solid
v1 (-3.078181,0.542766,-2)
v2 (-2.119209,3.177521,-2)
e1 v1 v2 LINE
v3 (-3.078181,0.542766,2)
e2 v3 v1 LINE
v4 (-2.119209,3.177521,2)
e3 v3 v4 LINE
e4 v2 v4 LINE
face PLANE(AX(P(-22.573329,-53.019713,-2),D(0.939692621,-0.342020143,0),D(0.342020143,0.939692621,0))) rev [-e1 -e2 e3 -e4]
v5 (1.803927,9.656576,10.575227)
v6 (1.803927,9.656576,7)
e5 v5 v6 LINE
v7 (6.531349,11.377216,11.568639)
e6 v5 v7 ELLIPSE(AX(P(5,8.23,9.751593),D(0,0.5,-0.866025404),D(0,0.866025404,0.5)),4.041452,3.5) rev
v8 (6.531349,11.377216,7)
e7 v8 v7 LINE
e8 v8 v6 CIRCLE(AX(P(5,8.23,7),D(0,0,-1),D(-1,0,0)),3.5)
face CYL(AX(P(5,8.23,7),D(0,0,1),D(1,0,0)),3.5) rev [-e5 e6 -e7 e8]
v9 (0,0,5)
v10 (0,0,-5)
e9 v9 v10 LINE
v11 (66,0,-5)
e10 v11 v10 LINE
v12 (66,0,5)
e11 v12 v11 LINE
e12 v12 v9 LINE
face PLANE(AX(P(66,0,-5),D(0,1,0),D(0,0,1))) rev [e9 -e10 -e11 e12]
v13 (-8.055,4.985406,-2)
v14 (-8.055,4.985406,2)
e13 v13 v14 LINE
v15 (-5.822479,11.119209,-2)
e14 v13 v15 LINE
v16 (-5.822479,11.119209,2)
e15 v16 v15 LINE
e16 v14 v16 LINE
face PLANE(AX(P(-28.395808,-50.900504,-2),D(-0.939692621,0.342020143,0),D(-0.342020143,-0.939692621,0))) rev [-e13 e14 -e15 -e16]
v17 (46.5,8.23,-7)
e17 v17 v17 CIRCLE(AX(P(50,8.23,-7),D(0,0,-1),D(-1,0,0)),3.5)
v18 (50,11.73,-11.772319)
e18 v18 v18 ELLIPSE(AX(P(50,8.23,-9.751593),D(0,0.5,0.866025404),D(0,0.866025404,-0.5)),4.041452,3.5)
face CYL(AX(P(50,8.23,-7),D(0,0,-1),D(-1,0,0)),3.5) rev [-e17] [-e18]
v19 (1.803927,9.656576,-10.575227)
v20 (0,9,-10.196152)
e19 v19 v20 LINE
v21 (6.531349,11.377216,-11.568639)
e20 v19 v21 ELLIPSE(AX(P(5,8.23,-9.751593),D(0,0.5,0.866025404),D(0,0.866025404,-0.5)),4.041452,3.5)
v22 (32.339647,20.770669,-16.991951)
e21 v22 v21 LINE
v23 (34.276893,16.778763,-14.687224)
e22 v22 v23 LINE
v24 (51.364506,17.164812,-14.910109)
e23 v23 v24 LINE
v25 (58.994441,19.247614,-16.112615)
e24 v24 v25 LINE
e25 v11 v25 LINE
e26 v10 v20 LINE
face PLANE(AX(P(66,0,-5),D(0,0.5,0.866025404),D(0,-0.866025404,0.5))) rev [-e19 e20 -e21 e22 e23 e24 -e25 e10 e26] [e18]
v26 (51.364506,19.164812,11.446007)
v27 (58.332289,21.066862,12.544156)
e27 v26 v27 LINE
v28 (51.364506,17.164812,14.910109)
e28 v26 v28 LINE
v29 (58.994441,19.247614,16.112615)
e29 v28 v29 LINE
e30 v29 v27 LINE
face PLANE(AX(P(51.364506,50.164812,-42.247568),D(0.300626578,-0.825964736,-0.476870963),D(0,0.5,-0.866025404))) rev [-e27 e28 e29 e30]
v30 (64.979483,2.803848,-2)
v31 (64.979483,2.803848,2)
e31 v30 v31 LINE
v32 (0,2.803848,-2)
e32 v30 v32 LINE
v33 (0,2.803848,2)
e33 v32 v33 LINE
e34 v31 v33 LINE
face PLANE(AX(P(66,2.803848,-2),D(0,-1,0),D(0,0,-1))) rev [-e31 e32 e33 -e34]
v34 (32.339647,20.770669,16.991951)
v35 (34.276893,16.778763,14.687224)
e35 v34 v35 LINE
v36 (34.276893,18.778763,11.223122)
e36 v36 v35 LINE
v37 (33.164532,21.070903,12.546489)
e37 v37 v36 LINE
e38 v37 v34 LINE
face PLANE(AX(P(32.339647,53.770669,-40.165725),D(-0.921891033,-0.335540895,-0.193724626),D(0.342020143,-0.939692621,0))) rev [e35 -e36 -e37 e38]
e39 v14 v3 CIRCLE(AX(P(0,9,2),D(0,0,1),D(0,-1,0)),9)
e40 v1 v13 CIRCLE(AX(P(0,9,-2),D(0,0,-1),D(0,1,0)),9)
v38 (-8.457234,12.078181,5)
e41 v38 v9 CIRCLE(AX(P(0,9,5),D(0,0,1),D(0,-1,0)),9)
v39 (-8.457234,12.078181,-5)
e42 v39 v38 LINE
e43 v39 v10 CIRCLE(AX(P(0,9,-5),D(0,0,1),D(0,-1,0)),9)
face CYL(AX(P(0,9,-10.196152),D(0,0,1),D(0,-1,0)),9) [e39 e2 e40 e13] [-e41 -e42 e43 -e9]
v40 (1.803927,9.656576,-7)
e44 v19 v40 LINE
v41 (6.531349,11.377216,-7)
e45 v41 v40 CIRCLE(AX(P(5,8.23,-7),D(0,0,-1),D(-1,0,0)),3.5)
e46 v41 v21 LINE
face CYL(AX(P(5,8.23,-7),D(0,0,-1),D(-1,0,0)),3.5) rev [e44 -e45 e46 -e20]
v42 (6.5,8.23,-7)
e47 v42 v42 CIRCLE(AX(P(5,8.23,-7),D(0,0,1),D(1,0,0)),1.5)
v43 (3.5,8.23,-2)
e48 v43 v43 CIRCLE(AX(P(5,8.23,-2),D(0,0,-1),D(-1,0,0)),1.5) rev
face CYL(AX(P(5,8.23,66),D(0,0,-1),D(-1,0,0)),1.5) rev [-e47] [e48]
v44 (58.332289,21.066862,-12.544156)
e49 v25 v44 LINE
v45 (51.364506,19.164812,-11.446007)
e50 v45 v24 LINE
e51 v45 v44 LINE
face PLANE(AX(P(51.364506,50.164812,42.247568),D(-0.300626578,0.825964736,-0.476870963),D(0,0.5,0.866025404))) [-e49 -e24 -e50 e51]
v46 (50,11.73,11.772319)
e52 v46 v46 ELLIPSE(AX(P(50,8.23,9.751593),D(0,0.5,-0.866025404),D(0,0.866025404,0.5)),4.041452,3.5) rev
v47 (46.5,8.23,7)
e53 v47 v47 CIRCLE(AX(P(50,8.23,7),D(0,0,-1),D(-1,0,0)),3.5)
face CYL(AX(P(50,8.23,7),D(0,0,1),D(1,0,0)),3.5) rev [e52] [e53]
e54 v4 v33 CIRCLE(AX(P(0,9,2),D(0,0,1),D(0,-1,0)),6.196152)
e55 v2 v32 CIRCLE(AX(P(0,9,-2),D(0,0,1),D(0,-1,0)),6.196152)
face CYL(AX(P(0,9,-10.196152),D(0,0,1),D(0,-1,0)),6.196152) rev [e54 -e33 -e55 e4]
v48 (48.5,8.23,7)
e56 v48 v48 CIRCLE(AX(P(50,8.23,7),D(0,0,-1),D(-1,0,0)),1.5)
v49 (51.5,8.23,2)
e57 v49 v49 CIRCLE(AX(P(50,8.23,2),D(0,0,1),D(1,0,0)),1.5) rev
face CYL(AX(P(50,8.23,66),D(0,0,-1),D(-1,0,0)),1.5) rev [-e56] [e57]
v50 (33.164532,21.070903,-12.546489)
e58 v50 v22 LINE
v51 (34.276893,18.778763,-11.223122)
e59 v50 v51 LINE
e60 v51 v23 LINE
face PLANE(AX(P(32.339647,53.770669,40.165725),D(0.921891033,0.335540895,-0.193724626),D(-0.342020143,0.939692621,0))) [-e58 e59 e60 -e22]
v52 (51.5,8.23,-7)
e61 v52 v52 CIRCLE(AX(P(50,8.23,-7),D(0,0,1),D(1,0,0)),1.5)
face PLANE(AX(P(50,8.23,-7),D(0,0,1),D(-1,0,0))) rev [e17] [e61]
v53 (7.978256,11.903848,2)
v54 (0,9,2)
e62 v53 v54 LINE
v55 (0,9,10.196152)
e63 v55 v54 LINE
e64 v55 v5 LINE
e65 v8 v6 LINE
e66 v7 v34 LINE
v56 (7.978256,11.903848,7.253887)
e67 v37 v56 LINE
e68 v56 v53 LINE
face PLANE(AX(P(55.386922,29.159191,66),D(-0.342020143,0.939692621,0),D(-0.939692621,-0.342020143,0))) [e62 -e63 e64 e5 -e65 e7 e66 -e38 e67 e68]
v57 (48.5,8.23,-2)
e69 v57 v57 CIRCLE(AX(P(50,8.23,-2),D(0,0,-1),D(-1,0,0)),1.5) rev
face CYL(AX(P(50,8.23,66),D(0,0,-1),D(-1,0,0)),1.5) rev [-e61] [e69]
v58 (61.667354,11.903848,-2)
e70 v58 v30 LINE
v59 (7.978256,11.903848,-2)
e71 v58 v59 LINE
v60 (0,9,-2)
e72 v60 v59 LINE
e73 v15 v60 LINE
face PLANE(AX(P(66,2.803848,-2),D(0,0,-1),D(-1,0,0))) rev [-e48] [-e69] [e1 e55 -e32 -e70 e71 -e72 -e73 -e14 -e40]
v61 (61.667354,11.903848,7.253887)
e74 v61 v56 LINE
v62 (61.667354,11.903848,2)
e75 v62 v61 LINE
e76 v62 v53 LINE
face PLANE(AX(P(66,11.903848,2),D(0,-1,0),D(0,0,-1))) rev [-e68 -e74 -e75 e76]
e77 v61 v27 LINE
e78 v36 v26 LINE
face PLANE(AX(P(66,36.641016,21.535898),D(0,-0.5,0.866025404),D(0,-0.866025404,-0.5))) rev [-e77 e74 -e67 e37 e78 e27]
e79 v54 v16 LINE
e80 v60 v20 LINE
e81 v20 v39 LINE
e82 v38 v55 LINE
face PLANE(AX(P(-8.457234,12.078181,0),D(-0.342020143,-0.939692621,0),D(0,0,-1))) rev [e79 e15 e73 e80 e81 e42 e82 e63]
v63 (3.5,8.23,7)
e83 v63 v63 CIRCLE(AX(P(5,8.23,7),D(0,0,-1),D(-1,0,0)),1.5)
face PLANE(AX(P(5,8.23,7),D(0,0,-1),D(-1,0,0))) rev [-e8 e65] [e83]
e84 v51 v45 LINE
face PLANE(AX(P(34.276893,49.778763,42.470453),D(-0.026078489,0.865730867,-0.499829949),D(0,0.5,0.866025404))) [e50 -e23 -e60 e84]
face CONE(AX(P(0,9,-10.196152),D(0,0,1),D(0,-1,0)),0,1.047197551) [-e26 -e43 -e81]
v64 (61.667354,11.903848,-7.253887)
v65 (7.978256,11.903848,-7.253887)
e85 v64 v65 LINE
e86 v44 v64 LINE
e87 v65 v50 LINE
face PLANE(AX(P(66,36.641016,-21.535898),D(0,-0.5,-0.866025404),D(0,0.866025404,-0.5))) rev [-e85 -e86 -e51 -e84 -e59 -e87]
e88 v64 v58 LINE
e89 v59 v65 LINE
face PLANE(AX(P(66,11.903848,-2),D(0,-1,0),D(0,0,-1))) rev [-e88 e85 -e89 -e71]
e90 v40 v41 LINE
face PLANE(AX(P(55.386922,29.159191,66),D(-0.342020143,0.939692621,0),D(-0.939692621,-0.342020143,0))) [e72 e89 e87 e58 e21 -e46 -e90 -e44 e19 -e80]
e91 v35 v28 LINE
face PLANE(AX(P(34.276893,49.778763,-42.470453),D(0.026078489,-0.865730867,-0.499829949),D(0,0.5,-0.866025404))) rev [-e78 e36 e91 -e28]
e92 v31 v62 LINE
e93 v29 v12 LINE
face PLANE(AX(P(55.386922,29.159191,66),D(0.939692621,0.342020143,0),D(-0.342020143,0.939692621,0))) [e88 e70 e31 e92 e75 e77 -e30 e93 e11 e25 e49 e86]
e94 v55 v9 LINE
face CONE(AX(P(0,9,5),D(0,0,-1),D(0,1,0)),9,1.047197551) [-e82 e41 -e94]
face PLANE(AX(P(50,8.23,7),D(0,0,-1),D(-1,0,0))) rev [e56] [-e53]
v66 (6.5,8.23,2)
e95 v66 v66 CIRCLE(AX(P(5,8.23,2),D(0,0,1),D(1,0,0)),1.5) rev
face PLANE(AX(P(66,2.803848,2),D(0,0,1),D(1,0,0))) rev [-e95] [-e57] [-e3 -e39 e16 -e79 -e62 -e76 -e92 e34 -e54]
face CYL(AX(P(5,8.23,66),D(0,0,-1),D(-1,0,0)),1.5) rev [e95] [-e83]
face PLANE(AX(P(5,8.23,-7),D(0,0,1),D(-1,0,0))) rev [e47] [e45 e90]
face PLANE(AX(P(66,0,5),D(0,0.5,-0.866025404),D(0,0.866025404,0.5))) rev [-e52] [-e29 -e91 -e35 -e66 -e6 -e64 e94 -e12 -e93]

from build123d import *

# Parameters (mm, degrees)
EXTRUDE_1_DEPTH          = 66
CUT_EXTRUDE_1_DEPTH      = 66
CUT_EXTRUDE_1_DEPTH_BACK = 66
SKETCH_2_R               = 1.5
SKETCH_4_R               = 3.5
CUT_EXTRUDE_2_DEPTH      = 5
CUT_EXTRUDE_3_DEPTH      = 66
REVOLVE_1_ANGLE          = 110
SKETCH_7_W               = 6.196152423
SKETCH_7_H               = 4
CUT_EXTRUDE_4_DEPTH      = 66


with BuildPart() as part:
    # 草图1 → 凸台-拉伸1 (new body)
    with BuildSketch(Plane(origin=(0, 0, 0), x_dir=(0, 0, -1), z_dir=(1, 0, 0))):
        Polygon((5, 0), (-5, 0), (-25, 34.641016151), (-21.535898385, 36.641016151), (-7.25388745, 11.903847577), (-2, 11.903847577), (-2, 2.803847577), (2, 2.803847577), (2, 11.903847577), (7.25388745, 11.903847577), (21.535898385, 36.641016151), (25, 34.641016151), align=None)
    extrude(amount=EXTRUDE_1_DEPTH)

    # 草图2 → 切除-拉伸1 (cut, two sides: drawn at the far end of the back side and taken through both)
    with BuildSketch(Plane.XY.offset(-CUT_EXTRUDE_1_DEPTH_BACK)):
        with Locations(Location((5, 8.23, 0), (0, 0, 180))):
            Circle(SKETCH_2_R)
        with Locations(Location((50, 8.23, 0), (0, 0, 180))):
            Circle(SKETCH_2_R)
        Polygon((0, 9), (0, 36.641016151), (75.943067727, 36.641016151), (66, 33.022035462), (66, 0), (55.386922379, 29.159191114), align=None)
    extrude(amount=CUT_EXTRUDE_1_DEPTH + CUT_EXTRUDE_1_DEPTH_BACK, mode=Mode.SUBTRACT)

    # 草图4 → 切除-拉伸2 (cut)
    with BuildSketch(Plane(origin=(0, 0, 12), x_dir=(-1, 0, 0), z_dir=(0, 0, -1))):
        with Locations((-5, 8.23)):
            Circle(SKETCH_4_R)
        with Locations(Location((-50, 8.23, 0), (0, 0, 90))):
            Circle(SKETCH_4_R)
    cut_extrude_2 = extrude(amount=CUT_EXTRUDE_2_DEPTH, mode=Mode.SUBTRACT)

    # 镜向1: 切除-拉伸2 across plane
    add(cut_extrude_2.mirror(Plane.XY), mode=Mode.SUBTRACT)

    # 草图5 → 切除-拉伸3 (cut)
    with BuildSketch(Plane(origin=(0, -2.165063509, 3.75), x_dir=(1, 0, 0), z_dir=(0, -0.5000000000000011, 0.8660254037844382))):
        Polygon((32.339646553, 26.483902367), (34.276892815, 21.874447202), (51.364505918, 22.320217945), (58.994441321, 24.725230573), (55.386922379, 36.170133678), align=None)
    cut_extrude_3 = extrude(amount=-CUT_EXTRUDE_3_DEPTH, mode=Mode.SUBTRACT)

    # 镜向2: 切除-拉伸3 across plane
    add(cut_extrude_3.mirror(Plane.XY), mode=Mode.SUBTRACT)

    # 草图6 → 旋转1 (revolve)
    with BuildSketch(Plane.ZY):
        Polygon((-10.196152423, 9), (-2, 9), (-2, 2.803847577), (2, 2.803847577), (2, 9), (10.196152423, 9), (5, 0), (-5, 0), align=None)
    revolve(axis=Axis((0, 9, -10.196152423), (0, 0, -1)), revolution_arc=REVOLVE_1_ANGLE)

    # 草图7 → 切除-拉伸4 (cut)
    with BuildSketch(Plane(origin=(2.892544244, 7.947199994, 0), x_dir=(0.939692620785907, -0.34202014332567265, 0), z_dir=(0.34202014332567265, 0.939692620785907, 0))):
        with Locations((-6.176257502, 0)):
            Rectangle(SKETCH_7_W, SKETCH_7_H)
    extrude(amount=-CUT_EXTRUDE_4_DEPTH, mode=Mode.SUBTRACT)


solid = part.part
